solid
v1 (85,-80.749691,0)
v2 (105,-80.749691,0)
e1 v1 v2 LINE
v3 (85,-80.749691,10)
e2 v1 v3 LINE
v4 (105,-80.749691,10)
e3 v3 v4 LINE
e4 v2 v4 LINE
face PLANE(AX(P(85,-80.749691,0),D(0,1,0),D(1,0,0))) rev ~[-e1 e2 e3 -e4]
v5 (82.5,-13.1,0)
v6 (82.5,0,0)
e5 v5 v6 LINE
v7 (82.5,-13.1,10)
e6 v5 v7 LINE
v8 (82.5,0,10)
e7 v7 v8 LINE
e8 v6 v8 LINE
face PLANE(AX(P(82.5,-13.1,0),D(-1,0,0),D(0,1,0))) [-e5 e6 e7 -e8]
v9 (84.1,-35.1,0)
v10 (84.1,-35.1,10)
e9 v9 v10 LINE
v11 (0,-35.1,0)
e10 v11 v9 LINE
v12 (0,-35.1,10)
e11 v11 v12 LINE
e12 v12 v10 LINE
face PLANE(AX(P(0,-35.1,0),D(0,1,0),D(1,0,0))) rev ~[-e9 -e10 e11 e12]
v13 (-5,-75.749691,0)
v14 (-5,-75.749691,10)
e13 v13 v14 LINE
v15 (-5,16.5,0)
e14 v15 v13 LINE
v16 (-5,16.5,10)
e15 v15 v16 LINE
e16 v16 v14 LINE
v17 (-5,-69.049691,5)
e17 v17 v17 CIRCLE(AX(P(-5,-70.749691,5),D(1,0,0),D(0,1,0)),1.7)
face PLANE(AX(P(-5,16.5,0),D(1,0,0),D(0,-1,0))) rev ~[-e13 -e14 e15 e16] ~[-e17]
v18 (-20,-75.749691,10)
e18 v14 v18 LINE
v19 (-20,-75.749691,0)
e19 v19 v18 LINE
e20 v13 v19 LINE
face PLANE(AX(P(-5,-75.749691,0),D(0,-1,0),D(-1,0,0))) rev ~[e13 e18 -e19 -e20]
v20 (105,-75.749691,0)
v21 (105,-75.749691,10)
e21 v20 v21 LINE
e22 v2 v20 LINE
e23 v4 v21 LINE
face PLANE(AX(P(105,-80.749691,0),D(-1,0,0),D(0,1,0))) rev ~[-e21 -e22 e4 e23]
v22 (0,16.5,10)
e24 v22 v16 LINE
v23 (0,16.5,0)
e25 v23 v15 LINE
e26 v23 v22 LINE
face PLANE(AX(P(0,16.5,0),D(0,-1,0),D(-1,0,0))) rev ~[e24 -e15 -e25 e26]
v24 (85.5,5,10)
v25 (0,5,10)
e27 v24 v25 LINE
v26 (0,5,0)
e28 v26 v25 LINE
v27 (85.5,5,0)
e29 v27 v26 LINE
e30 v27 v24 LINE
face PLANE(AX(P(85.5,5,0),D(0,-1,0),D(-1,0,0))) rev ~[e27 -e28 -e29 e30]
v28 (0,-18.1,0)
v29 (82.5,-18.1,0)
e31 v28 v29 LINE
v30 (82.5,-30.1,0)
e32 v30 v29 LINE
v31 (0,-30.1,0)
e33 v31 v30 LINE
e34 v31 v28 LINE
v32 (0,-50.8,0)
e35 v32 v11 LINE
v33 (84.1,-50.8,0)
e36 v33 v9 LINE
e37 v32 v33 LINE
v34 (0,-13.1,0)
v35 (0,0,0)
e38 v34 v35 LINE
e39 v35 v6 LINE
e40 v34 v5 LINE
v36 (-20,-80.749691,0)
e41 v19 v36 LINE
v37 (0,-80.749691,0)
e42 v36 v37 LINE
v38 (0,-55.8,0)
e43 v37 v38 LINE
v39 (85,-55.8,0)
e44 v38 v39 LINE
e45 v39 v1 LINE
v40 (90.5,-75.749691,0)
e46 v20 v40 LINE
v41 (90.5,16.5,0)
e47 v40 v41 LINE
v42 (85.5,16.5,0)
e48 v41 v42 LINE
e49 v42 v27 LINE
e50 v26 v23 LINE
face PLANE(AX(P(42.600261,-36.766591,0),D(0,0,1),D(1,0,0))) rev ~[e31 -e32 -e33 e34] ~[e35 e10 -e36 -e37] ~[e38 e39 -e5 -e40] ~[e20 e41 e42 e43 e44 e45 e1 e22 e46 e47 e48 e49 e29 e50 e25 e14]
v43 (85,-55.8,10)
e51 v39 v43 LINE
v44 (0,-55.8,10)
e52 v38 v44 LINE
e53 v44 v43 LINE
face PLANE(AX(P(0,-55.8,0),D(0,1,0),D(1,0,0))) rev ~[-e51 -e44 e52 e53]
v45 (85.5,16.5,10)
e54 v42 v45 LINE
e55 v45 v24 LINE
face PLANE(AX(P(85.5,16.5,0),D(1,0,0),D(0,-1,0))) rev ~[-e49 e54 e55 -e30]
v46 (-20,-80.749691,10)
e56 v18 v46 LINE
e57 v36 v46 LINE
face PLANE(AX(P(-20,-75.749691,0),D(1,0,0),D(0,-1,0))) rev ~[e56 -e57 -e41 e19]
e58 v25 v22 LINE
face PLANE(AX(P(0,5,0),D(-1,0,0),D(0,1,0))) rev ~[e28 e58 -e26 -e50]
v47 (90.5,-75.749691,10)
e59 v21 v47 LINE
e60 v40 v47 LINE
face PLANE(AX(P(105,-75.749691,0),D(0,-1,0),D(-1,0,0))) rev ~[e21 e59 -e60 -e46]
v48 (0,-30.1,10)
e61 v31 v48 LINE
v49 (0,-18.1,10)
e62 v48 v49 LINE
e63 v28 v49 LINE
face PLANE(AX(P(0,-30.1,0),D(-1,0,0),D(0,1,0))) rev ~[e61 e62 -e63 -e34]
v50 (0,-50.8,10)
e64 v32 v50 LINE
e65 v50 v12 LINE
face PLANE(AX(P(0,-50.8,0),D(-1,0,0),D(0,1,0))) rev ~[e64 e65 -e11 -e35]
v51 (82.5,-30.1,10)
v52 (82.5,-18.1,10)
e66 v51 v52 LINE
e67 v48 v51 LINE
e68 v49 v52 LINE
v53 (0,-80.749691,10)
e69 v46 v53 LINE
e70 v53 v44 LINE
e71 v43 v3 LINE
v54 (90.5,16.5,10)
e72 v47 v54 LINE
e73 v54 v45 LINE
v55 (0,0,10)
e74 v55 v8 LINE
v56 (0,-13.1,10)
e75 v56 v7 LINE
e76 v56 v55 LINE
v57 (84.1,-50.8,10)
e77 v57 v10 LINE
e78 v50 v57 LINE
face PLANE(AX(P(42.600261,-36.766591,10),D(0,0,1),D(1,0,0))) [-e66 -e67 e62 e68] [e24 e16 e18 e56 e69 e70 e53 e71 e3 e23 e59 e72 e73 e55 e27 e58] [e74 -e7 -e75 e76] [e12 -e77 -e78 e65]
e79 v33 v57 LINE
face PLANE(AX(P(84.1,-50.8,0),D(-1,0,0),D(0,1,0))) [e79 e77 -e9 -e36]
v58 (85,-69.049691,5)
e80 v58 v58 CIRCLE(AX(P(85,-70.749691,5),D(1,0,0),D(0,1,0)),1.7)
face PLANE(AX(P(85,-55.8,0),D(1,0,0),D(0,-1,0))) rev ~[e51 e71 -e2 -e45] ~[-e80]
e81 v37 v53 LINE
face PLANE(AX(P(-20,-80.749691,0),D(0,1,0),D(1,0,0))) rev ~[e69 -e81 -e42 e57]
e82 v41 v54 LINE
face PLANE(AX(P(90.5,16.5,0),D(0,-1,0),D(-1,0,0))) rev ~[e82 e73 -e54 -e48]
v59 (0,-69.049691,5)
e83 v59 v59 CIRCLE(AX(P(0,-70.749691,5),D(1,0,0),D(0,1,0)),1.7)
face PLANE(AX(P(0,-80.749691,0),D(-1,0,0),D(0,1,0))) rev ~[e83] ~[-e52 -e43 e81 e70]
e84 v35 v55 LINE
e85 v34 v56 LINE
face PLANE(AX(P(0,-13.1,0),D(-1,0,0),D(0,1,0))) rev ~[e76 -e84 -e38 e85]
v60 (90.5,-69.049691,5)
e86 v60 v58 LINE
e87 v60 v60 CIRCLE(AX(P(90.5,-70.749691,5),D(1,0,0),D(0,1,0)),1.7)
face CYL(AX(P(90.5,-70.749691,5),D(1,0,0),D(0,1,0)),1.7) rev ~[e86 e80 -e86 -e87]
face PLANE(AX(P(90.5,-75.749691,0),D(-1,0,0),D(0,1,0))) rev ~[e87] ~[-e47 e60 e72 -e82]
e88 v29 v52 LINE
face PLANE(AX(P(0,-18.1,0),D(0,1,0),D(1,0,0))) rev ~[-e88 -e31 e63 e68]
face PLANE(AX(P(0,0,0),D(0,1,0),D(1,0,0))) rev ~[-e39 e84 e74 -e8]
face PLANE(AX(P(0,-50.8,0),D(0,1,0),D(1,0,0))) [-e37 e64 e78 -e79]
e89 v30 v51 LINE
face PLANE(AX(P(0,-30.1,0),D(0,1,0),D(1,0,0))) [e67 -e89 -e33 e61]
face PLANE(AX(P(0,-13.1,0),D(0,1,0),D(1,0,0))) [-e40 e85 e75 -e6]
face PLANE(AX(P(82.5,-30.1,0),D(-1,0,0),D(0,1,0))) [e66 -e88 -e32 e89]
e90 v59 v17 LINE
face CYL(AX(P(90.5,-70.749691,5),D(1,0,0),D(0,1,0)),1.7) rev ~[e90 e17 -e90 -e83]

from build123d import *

# Parameters (mm, degrees)
F0_W     = 84.1
F0_H     = 15.7
F0_W_2   = 82.5
F0_H_2   = 12
F0_H_3   = 13.1
F1_DEPTH = 10
F2_R     = 1.7
F3_DEPTH = 110.501


with BuildPart() as f1:
    # F0 (on Top) → F1 (new body)
    with BuildSketch(Plane.XY):
        Polygon((85.5, 5), (0, 5), (0, 16.5), (-5, 16.5), (-5, -75.749691), (-20, -75.749691), (-20, -80.749691), (-5, -80.749691), (0, -80.749691), (0, -75.749691), (0, -55.8), (85, -55.8), (85, -75.749691), (85, -80.749691), (90.5, -80.749691), (105, -80.749691), (105, -75.749691), (90.5, -75.749691), (90.5, 16.5), (85.5, 16.5), align=None)
        with Locations((42.05, -42.95)):
            Rectangle(F0_W, F0_H, mode=Mode.SUBTRACT)
        with Locations((41.25, -24.1)):
            Rectangle(F0_W_2, F0_H_2, mode=Mode.SUBTRACT)
        with Locations((41.25, -6.55)):
            Rectangle(F0_W_2, F0_H_3, mode=Mode.SUBTRACT)
    extrude(amount=F1_DEPTH)

    # F2 (on face) → F3 (cut, through all)
    with BuildSketch(Plane.YZ.offset(90.5)):
        with Locations((-70.749691, 5)):
            Circle(F2_R)
    extrude(amount=-F3_DEPTH, mode=Mode.SUBTRACT)


solid = f1.part
